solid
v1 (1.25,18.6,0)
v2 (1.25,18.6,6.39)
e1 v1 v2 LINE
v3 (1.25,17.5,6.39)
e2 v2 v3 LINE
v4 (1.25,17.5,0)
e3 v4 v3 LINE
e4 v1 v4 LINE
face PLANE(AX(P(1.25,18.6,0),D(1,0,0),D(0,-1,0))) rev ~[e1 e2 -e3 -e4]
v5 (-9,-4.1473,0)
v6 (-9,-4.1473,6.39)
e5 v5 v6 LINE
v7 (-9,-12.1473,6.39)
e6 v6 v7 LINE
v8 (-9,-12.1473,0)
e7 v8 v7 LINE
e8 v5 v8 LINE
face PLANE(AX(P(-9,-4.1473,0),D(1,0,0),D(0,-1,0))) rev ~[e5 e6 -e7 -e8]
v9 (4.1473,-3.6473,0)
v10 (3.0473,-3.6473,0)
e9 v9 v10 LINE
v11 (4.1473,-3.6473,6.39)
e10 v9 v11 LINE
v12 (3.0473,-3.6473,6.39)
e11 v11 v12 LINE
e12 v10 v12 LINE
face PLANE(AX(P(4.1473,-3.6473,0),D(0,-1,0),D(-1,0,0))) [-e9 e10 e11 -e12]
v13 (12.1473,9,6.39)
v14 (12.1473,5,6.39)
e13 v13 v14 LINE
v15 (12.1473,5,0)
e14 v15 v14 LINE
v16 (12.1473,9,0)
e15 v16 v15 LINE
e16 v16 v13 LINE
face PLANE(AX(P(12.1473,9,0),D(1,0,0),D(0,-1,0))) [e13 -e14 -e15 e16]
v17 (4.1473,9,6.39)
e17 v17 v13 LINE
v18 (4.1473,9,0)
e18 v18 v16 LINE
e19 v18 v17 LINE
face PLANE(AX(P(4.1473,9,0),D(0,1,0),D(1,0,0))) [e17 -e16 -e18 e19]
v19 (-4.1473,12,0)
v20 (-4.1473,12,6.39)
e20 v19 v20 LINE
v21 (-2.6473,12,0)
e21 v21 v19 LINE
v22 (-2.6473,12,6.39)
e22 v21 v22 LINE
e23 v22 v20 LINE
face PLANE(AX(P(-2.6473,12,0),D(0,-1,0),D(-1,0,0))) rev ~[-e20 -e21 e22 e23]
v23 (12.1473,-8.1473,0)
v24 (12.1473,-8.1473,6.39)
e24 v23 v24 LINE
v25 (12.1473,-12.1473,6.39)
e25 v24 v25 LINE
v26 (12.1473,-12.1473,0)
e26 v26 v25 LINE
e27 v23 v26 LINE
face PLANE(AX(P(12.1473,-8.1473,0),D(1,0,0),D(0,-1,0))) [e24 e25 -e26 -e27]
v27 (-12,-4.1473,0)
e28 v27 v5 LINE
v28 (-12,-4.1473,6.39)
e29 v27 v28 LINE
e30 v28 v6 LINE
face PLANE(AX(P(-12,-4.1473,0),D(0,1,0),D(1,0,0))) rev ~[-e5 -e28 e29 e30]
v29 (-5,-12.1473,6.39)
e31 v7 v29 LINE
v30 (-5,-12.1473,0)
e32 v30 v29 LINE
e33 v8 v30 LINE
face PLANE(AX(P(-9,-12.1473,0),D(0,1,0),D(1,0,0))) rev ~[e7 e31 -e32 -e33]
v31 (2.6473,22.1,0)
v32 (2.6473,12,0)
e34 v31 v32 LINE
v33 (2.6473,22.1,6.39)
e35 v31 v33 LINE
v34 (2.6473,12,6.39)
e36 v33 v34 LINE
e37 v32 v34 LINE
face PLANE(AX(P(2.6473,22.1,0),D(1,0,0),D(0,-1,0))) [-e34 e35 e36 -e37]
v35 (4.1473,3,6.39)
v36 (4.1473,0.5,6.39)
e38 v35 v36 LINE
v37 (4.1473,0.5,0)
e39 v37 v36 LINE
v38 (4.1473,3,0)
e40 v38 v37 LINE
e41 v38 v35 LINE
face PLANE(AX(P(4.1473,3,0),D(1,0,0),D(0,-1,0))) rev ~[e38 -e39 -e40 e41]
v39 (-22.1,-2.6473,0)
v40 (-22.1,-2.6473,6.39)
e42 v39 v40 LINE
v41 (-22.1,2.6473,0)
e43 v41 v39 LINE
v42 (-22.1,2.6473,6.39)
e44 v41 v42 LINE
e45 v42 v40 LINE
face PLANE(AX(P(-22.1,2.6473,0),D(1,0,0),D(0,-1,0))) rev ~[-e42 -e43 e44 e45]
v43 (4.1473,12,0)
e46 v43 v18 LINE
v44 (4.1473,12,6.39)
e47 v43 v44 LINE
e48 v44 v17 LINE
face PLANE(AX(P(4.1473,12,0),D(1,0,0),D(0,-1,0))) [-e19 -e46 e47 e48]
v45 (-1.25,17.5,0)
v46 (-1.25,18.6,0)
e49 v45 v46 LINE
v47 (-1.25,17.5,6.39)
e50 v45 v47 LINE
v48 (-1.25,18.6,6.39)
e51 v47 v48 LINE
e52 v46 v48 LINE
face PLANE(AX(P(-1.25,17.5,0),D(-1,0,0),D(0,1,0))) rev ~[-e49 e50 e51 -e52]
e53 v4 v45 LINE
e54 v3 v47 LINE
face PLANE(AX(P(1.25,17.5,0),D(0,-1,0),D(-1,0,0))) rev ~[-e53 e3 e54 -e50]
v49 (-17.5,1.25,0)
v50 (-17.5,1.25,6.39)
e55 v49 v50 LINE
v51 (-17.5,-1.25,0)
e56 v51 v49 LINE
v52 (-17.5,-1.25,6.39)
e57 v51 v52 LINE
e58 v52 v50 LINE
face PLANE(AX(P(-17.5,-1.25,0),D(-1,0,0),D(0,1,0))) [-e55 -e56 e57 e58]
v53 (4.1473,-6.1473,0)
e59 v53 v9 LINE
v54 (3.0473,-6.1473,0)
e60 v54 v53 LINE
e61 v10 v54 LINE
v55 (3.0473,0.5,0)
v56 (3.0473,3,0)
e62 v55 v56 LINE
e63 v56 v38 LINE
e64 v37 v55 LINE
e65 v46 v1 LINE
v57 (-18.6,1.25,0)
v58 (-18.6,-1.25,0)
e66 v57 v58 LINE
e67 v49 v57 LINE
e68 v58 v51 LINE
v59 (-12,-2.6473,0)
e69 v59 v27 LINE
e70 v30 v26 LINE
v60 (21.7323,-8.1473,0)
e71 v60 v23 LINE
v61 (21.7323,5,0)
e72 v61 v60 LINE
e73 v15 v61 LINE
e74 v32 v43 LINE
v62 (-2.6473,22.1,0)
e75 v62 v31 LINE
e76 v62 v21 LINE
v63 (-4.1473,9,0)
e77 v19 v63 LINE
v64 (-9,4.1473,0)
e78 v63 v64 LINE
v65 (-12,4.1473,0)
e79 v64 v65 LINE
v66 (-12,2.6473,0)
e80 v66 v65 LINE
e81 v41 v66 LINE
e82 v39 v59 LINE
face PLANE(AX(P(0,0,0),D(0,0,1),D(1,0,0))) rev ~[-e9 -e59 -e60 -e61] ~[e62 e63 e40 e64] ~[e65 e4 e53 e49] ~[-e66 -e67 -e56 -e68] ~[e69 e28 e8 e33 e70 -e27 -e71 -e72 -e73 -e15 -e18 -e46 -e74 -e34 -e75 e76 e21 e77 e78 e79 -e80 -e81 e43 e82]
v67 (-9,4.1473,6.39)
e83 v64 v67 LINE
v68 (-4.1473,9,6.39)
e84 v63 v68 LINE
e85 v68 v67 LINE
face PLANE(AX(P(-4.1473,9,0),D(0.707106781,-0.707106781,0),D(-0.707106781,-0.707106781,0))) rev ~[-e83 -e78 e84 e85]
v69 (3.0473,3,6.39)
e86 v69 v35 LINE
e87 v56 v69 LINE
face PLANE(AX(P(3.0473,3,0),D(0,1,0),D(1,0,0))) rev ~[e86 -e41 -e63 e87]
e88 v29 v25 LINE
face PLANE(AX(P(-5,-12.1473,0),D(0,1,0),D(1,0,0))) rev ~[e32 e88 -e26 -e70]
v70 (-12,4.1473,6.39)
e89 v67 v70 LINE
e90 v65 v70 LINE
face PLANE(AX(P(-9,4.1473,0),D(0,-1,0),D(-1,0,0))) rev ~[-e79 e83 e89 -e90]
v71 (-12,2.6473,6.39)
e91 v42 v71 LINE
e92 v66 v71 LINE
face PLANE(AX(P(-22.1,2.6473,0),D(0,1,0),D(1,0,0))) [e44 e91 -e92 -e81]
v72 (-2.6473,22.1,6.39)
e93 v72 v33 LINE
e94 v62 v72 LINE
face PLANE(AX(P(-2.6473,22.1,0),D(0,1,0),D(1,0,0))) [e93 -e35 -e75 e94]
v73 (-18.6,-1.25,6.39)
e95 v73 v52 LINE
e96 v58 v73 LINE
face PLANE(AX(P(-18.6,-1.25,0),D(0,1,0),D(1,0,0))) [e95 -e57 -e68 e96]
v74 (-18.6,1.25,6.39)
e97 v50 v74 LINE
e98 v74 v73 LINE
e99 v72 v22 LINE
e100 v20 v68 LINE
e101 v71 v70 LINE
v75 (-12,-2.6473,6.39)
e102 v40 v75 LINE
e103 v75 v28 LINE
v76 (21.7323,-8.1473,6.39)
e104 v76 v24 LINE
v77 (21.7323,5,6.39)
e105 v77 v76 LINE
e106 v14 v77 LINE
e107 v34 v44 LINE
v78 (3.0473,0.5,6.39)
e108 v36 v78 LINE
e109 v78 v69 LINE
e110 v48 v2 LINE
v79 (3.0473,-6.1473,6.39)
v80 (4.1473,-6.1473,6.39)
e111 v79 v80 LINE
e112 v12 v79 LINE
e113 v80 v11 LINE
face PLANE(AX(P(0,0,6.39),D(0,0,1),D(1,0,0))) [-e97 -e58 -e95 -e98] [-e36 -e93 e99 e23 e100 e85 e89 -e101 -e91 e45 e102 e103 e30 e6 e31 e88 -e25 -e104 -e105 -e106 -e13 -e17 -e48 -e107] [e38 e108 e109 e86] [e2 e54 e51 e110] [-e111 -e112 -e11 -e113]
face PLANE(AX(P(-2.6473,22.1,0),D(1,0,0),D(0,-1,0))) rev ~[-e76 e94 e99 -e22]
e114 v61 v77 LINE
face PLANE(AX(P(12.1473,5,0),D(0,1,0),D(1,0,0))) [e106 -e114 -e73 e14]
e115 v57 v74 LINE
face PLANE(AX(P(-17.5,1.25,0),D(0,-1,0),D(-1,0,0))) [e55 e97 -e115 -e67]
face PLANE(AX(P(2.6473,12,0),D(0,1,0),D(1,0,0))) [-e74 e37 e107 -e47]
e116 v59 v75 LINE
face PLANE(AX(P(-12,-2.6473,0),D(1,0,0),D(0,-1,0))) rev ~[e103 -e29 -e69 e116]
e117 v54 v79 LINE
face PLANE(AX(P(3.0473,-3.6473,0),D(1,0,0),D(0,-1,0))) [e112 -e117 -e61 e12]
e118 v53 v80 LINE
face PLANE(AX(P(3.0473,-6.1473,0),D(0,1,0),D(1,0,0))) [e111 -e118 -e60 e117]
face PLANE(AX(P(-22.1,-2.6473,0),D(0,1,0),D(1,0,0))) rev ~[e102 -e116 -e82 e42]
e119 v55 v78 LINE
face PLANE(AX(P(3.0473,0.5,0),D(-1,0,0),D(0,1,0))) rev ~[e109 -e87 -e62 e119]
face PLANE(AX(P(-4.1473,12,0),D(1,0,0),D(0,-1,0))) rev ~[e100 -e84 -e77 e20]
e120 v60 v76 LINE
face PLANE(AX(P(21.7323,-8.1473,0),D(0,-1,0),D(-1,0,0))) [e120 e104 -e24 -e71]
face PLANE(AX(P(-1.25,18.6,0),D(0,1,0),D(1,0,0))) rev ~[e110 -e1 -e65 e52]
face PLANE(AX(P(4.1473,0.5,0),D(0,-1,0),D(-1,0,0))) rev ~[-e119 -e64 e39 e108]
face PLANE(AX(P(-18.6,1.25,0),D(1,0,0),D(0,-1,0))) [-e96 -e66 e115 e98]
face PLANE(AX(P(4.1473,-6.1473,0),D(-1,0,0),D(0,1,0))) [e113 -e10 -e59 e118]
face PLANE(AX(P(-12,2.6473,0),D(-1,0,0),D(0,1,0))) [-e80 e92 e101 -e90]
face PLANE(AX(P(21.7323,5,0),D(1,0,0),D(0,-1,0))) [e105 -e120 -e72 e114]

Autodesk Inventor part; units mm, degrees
ref_plane "YZ Plane" through (0, 0, 0) normal (1, 0, 0) x (0, 1, 0)
ref_plane "XZ Plane" through (0, 0, 0) normal (0, 1, 0) x (-1, 0, 0)
ref_plane "XY Plane" through (0, 0, 0) normal (0, 0, 1) x (1, 0, 0)
sketch "Sketch1" plane through (0, 0, 0) normal (0, 0, 1) x (1, 0, 0)
  line L0 (-2.6473, 22.1) -> (2.6473, 22.1)
  line L1 (2.6473, 22.1) -> (2.6473, 12)
  line L2 (2.6473, 12) -> (4.1473, 12)
  line L3 (4.1473, 12) -> (4.1473, 9)
  line L4 (4.1473, 9) -> (12.1473, 9)
  line L5 (0, 22.1) -> (0, 0) construction
  line L6 (-2.6473, 22.1) -> (-2.6473, 12)
  line L7 (-2.6473, 12) -> (-4.1473, 12)
  line L8 (-1.25, 18.6) -> (1.25, 18.6)
  line L9 (1.25, 18.6) -> (1.25, 17.5)
  line L10 (1.25, 17.5) -> (-1.25, 17.5)
  line L11 (-1.25, 17.5) -> (-1.25, 18.6)
  line L12 (-5, -12.1473) -> (12.1473, -12.1473)
  line L13 (12.1473, 9) -> (12.1473, 5)
  line L14 (12.1473, 5) -> (21.7323, 5)
  line L15 (21.7323, -8.1473) -> (12.1473, -8.1473)
  line L16 (12.1473, -8.1473) -> (12.1473, -12.1473)
  line L17 (3.0473, 3) -> (4.1473, 3)
  line L18 (4.1473, 3) -> (4.1473, 0.5)
  line L19 (4.1473, 0.5) -> (3.0473, 0.5)
  line L20 (3.0473, 0.5) -> (3.0473, 3)
  line L21 (-4.1473, 12) -> (-19.8527, 12) construction
  line L22 (0, 0) -> (-12, 12) construction
  line L23 (-22.1, 2.6473) -> (-22.1, -2.6473)
  line L24 (-22.1, -2.6473) -> (-12, -2.6473)
  line L25 (-12, -2.6473) -> (-12, -4.1473)
  line L26 (-12, -4.1473) -> (-9, -4.1473)
  line L27 (-9, -4.1473) -> (-9, -12.1473)
  line L28 (-22.1, 2.6473) -> (-12, 2.6473)
  line L29 (-12, 2.6473) -> (-12, 4.1473)
  line L30 (-18.6, 1.25) -> (-18.6, -1.25)
  line L31 (-18.6, -1.25) -> (-17.5, -1.25)
  line L32 (-17.5, -1.25) -> (-17.5, 1.25)
  line L33 (-17.5, 1.25) -> (-18.6, 1.25)
  line L34 (-9, -12.1473) -> (-5, -12.1473)
  line L35 (-12, 12) -> (-12, -12.1473) construction
  line L36 (-4.1473, 12) -> (-4.1473, 9)
  line L37 (-9, 4.1473) -> (-12, 4.1473)
  line L38 (-4.1473, 9) -> (-9, 4.1473)
  line L39 (21.7323, 5) -> (21.7323, -8.1473)
  line L40 (21.7323, -1.5737) -> (3.3412, -1.5737) construction
  line L41 (3.0473, -6.1473) -> (4.1473, -6.1473)
  line L42 (4.1473, -6.1473) -> (4.1473, -3.6473)
  line L43 (4.1473, -3.6473) -> (3.0473, -3.6473)
  line L44 (3.0473, -3.6473) -> (3.0473, -6.1473)
  line L45 (-22.1, 0) -> (21.7323, 0) construction
  point P0 (0, 17.5)
  point P1 (3.0473, 1.75)
  point P2 (-17.5, 0)
  point P3 (4.1473, 1.75)
  point P4 (4.1473, 10.5)
  dimension "d4" = 1.5
  dimension "d5" = 3
  dimension "d26" = 10.1
  dimension "d27" = 5.2946
  dimension "d31" = 2.5
  dimension "d32" = 1.1
  dimension "d35" = 5.5
  dimension "d37" = 9.585
  dimension "d41" = 1.1
  dimension "d42" = 2.5
  dimension "d45" = 2
  dimension "d61" = 45
  dimension "d70" = 8
  dimension "d72" = 12
  dimension "BearingShaftOffset" = 1.5737
  dimension "BearingHolderHeight" = 23.6737
  dimension "LatchHeight" = 13.1473
  dimension "d95" = 24.1473
extrude "Extrusion2" add sketch "Sketch1" along normal blind 6.39
equation "\"BearingDiameter\" = 24"
equation "\"WoodThickness\" = 6.39"
equation "\"BearingWidth\" = 7"
equation "\"BearingShaftDiameter\" = 8"
equation "\"ZipTieWidth\" = 2.5"
equation "\"ZipTieThickness\" = 1.1"
equation "\"ZipTieClearance\" = 1"
equation "\"ZipTieDistance\" = 10"
equation "\"BearingSiliconeWidth\" = 13.2"
properties part number "BearingStand" material "MDF Medium Density Fiberboard"
